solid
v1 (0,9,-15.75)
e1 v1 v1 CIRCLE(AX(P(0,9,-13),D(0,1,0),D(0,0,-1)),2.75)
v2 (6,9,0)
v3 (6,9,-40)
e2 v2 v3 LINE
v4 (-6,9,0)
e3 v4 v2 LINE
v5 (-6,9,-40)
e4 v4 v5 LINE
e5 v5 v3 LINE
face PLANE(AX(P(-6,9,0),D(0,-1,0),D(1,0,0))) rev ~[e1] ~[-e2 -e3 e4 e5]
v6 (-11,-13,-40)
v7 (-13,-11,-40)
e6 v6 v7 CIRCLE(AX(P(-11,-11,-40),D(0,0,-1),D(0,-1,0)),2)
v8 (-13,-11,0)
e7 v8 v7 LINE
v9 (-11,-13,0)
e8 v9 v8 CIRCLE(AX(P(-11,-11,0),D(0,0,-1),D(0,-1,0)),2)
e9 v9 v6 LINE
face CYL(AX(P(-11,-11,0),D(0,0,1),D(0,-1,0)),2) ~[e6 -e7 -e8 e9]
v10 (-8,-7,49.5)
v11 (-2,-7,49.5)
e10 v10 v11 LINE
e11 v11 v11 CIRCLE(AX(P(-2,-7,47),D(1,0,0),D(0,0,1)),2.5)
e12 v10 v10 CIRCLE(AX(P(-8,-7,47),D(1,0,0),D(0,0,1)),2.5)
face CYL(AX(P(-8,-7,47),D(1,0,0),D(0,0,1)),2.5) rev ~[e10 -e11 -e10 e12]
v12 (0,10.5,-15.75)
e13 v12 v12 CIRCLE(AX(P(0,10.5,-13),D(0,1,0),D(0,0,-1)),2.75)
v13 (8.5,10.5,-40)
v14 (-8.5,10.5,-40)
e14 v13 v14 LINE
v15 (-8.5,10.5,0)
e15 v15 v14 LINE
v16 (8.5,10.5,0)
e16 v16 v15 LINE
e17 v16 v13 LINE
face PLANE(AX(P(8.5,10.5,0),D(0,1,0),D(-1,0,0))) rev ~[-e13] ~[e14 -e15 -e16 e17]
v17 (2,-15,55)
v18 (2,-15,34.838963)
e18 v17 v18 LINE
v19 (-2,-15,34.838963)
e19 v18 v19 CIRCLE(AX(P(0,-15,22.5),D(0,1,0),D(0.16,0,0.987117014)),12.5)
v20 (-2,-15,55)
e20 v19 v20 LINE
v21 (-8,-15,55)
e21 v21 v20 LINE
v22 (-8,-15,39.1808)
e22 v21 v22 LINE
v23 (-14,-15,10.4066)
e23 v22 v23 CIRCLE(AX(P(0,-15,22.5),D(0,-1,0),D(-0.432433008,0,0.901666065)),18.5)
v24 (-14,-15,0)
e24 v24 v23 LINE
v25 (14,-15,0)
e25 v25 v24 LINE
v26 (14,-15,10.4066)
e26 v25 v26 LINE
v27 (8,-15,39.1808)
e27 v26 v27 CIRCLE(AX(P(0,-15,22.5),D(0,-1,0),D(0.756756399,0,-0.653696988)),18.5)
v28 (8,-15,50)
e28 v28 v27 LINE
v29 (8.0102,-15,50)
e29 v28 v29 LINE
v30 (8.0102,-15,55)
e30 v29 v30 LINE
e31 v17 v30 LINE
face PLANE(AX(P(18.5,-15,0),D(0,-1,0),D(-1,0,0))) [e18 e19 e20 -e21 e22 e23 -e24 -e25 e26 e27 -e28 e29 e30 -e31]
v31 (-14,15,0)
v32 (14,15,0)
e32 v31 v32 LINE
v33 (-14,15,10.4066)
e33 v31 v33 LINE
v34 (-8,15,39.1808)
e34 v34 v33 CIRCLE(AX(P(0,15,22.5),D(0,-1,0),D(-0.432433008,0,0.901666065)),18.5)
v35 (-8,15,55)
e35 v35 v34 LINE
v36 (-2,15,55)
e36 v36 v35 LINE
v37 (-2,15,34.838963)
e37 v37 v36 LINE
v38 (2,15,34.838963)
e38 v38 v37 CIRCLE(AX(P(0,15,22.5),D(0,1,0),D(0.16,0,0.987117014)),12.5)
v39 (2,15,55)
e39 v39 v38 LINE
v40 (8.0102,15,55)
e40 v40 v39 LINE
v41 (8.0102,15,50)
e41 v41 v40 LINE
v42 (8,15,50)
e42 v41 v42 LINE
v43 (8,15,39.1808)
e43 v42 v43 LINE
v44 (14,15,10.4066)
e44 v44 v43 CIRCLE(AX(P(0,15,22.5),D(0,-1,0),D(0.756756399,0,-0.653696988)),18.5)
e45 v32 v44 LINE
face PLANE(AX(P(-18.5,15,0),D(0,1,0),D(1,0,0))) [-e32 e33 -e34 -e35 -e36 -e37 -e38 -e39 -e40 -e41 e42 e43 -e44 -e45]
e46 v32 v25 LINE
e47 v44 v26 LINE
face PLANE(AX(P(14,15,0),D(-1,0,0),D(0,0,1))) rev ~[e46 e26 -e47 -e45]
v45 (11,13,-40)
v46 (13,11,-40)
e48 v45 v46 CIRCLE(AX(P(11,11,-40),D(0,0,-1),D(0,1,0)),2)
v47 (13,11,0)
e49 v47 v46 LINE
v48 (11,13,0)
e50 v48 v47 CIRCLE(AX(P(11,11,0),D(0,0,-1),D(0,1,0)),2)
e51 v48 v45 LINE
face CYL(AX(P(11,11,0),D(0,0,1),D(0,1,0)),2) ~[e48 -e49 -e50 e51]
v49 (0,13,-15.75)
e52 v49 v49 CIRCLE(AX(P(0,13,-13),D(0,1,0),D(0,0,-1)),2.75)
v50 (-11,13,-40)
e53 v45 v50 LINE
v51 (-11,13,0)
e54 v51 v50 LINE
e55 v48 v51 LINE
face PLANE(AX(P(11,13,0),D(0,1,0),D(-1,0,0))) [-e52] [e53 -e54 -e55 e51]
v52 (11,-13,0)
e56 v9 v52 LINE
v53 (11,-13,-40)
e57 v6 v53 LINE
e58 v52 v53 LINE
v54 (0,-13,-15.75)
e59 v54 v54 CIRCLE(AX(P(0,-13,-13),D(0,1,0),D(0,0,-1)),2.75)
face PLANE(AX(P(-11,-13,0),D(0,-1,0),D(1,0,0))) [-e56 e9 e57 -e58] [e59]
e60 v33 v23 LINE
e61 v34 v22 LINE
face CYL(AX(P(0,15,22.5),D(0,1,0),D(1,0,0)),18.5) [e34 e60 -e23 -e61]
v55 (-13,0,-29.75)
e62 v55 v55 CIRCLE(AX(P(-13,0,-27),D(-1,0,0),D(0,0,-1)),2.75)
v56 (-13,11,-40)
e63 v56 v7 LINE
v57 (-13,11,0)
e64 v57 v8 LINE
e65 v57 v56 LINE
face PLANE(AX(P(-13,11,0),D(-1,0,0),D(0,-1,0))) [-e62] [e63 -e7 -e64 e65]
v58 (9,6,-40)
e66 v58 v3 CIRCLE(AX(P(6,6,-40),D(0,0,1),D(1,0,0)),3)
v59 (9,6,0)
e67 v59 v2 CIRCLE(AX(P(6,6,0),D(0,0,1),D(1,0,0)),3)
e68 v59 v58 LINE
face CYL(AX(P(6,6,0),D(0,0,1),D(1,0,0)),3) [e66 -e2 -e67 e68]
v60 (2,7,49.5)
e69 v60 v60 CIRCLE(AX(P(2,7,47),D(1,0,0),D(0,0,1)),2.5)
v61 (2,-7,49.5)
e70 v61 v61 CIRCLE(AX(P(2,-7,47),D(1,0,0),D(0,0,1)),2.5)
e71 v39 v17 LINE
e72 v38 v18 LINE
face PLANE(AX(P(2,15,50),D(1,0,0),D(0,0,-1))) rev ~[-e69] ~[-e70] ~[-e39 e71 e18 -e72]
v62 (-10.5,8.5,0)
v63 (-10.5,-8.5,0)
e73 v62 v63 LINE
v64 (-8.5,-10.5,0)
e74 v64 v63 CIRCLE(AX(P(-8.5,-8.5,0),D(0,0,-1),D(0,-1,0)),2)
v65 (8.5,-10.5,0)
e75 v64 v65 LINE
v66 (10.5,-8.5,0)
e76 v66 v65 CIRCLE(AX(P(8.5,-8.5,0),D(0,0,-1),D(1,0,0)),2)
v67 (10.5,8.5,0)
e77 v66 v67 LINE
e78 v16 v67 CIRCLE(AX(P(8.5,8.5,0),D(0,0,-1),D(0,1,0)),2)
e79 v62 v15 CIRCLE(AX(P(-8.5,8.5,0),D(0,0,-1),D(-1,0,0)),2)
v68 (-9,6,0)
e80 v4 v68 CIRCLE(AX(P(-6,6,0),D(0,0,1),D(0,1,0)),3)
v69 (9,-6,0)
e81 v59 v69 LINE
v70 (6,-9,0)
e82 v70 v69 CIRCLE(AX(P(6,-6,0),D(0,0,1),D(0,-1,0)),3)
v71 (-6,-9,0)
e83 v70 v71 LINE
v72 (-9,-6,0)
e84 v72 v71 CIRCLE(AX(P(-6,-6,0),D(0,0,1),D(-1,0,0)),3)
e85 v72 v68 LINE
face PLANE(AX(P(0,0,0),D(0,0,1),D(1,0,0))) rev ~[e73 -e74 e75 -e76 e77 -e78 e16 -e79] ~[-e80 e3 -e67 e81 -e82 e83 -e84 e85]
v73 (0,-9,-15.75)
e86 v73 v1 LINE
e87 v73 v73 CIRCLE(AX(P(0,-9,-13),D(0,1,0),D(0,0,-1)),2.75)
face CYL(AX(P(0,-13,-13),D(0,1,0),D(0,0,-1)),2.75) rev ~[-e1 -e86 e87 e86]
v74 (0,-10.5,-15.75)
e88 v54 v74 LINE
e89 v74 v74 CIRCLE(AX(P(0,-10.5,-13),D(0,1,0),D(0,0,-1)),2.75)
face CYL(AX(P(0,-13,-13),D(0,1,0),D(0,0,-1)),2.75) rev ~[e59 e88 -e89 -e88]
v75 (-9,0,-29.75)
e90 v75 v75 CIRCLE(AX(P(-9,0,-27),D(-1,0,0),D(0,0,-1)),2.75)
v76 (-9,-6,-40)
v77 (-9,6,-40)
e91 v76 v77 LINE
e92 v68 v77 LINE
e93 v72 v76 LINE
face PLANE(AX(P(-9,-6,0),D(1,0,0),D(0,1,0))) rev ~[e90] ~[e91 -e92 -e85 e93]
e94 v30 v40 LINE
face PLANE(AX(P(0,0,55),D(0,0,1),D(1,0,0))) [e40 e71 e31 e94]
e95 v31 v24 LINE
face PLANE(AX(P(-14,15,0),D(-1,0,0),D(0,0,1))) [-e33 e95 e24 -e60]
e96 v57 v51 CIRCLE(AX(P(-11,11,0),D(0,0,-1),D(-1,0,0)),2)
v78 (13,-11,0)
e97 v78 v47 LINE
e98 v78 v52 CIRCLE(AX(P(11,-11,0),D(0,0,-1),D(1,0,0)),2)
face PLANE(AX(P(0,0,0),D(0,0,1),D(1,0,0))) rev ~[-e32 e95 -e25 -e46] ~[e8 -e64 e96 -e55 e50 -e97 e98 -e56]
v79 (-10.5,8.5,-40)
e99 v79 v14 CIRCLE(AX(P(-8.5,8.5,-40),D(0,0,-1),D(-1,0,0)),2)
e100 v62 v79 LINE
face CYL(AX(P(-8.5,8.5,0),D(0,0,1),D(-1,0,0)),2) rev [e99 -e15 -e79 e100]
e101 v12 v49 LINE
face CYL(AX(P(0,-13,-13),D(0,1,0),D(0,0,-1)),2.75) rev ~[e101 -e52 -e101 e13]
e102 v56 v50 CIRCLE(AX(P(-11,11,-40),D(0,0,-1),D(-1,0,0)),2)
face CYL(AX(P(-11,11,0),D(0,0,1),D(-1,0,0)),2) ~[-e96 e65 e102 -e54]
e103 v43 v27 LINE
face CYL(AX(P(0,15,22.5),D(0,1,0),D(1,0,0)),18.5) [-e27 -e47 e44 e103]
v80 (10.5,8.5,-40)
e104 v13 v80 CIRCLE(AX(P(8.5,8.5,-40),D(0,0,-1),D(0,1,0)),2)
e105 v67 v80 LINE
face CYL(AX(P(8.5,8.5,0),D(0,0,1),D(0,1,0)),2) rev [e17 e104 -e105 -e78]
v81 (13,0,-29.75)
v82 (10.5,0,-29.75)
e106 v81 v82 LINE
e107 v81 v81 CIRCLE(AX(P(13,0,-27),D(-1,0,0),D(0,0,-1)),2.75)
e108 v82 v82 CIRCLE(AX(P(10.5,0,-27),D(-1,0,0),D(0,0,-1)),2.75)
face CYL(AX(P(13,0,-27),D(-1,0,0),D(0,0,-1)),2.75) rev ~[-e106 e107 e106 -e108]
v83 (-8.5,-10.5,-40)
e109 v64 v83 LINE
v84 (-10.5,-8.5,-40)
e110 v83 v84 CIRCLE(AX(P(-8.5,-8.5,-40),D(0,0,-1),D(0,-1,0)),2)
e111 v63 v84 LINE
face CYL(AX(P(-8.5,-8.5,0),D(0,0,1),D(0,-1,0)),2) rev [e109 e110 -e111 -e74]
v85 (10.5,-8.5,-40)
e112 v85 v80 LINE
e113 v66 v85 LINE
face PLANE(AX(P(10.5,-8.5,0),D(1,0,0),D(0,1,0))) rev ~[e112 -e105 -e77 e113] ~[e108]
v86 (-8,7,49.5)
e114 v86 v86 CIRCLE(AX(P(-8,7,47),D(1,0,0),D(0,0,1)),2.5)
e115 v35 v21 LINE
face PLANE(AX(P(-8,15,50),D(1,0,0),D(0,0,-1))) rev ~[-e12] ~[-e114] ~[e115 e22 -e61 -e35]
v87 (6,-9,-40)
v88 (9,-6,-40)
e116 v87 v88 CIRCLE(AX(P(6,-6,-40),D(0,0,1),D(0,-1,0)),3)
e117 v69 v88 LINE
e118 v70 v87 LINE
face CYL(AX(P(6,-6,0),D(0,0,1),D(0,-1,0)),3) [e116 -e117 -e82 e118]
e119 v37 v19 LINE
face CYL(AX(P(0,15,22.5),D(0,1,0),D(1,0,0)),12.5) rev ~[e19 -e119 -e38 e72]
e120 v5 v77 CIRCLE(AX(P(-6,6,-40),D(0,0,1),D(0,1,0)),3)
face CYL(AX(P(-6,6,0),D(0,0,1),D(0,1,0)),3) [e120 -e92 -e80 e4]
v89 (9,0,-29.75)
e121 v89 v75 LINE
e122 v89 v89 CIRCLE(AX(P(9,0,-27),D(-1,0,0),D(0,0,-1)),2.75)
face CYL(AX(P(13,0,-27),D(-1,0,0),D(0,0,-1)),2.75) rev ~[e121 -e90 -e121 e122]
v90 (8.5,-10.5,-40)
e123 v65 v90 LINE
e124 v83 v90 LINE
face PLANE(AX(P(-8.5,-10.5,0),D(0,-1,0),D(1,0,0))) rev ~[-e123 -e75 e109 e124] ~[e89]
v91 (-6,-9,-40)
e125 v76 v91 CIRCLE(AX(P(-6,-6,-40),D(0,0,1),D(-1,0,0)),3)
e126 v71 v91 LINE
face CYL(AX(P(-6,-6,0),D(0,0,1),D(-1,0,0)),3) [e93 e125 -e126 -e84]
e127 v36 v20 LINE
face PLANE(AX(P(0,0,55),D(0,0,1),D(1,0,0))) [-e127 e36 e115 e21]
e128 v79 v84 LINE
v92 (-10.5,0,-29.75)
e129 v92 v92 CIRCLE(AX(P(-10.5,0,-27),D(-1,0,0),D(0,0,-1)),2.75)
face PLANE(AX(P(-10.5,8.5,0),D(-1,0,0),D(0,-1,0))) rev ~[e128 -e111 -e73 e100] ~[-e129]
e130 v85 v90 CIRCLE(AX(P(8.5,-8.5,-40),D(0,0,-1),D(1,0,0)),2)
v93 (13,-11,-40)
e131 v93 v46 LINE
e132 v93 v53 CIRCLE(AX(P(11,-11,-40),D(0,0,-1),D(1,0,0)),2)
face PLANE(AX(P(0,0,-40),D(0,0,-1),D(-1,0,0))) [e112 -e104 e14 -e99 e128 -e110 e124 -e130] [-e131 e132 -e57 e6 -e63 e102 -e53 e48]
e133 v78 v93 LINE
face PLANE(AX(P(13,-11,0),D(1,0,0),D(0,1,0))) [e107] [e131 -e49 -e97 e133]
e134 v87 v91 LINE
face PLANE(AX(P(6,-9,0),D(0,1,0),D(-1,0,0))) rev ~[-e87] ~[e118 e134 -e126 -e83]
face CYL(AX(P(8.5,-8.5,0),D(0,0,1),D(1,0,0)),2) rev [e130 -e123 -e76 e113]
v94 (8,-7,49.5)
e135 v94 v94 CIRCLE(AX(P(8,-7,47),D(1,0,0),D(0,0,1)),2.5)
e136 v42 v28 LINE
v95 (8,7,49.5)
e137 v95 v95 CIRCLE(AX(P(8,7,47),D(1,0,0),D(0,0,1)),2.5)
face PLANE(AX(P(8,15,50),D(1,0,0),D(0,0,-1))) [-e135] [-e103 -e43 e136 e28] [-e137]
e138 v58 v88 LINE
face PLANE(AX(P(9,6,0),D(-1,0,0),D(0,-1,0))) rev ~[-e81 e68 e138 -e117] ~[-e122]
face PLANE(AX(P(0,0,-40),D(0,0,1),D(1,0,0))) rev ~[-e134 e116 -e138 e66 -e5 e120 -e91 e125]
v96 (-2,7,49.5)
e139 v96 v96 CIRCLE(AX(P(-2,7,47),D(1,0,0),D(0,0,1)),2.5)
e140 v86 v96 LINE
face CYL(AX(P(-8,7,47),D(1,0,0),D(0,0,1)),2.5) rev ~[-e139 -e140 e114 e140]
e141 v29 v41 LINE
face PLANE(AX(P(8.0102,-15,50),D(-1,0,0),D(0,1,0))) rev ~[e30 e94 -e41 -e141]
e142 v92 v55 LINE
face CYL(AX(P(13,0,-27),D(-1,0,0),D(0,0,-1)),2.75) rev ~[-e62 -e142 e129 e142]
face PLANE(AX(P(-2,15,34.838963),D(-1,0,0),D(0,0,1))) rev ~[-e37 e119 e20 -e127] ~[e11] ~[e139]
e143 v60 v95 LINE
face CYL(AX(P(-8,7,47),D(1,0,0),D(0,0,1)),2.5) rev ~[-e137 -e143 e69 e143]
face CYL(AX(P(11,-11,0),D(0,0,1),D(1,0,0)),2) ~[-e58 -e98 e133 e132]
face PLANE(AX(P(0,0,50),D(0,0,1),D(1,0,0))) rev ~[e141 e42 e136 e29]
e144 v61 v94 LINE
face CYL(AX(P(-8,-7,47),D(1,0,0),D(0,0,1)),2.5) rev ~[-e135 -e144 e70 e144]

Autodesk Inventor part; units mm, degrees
ref_plane "YZ Plane" through (0, 0, 0) normal (1, 0, 0) x (0, 1, 0)
ref_plane "XZ Plane" through (0, 0, 0) normal (0, 1, 0) x (-1, 0, 0)
ref_plane "XY Plane" through (0, 0, 0) normal (0, 0, 1) x (1, 0, 0)
sketch "Schizzo1" plane through (0, 0, 0) normal (0, 0, 1) x (1, 0, 0)
  line L0 (9, 6) -> (9, -6)
  line L1 (6, -9) -> (-6, -9)
  line L2 (-9, -6) -> (-9, 6)
  line L3 (-6, 9) -> (6, 9)
  arc A0 (-6, 9) -> (-9, 6) centre (-6, 6) ccw
  arc A1 (-9, -6) -> (-6, -9) centre (-6, -6) ccw
  arc A2 (6, -9) -> (9, -6) centre (6, -6) ccw
  arc A3 (9, 6) -> (6, 9) centre (6, 6) ccw
  point P0 (0, 0)
  point P1 (0, 0)
  point P2 (9, 9)
  point P3 (9, -9)
  point P4 (-9, -9)
  point P5 (-9, 9)
  dimension "d0" = 18
  dimension "d72" = 3
extrude "Estrusione1" add sketch "Schizzo1" against normal blind 40
sketch "Schizzo2" plane through (0, 0, 0) normal (0, 0, 1) x (1, 0, 0)
  line L0 (18.5, -15) -> (-18.5, -15)
  line L1 (-18.5, -15) -> (-18.5, 15)
  line L2 (-18.5, 15) -> (18.5, 15)
  line L3 (18.5, 15) -> (18.5, -15)
  line L4 (18.5, -15) -> (-18.5, 15) construction
  line L5 (-18.5, -15) -> (18.5, 15) construction
  point P0 (0, 0)
  dimension "d3" = 30
  dimension "d4" = 37
extrude "Estrusione2" add sketch "Schizzo2" along normal blind 50
sketch "Schizzo3" plane through (-18.5, 15, 0) normal (0, 1, 0) x (1, 0, 0)
  line L0 (18.5, 0) -> (18.5, -22.5)
  line L1 (18.5, 0) -> (41, 0) construction
  circle A0 centre (18.5, -22.5) radius 12.5
  dimension "d7" = 22.5
  dimension "d8" = 90
  dimension "d9" = 25
extrude "Estrusione3" cut sketch "Schizzo3" against normal blind 30
sketch "Schizzo4" plane through (-18.5, 15, 0) normal (0, 1, 0) x (1, 0, 0)
  circle A0 centre (18.5, -22.5) radius 12.5 projected
  line L0 (18.5, -22.5) -> (18.5, -34.5)
  line L1 (18.5, -34.5) -> (15, -34.5)
  line L2 (18.5, -34.5) -> (22, -34.5)
  line L3 (0, -50) -> (37, -50) projected
  line L4 (18.5, -50) -> (20.5, -50)
  line L5 (18.5, -50) -> (20.5, -50) construction
  line L6 (20.5, -50) -> (20.5, -34.5)
  line L7 (18.5, -50) -> (16.5, -50)
  line L8 (16.5, -50) -> (20.5, -50)
  line L9 (20.5, -50) -> (20.5, -34.5)
  line L10 (20.5, -34.5) -> (16.5, -34.5)
  line L11 (16.5, -34.5) -> (16.5, -50)
  point P0 (18.5, 0)
  point P1 (16.5, -34.839)
  point P2 (20.5, -34.839)
  dimension "d12" = 12
  dimension "d13" = 2
  dimension "d14" = 0
  dimension "d15" = 2
extrude "Estrusione4" cut sketch "Schizzo4" against normal blind 30 contours A0 L6 L3 L11
sketch "Schizzo5" plane through (-18.5, 15, 0) normal (0, 1, 0) x (1, 0, 0)
  arc A0 (20.5, -34.839) -> (16.5, -34.839) centre (18.5, -22.5) ccw projected
  circle A1 centre (18.5, -22.5) radius 18.5
  line L0 (20.5, -50) -> (20.5, -34.839) projected
  line L1 (20.5, -50) -> (26.5, -50)
  line L2 (37, -50) -> (20.5, -50) projected
  line L3 (26.5, -50) -> (26.5, -39.1808)
  line L4 (37, 0) -> (37, -50) projected
  line L5 (26.5, -50) -> (37, -50)
  line L6 (37, -50) -> (37, -22.5)
  point P0 (18.5, 0)
  dimension "d18" = 37
  dimension "d19" = 6
extrude "Estrusione5" cut sketch "Schizzo5" against normal blind 30 contours A1 L4 L2 L3
sketch "Schizzo6" plane through (-18.5, 15, 0) normal (0, 1, 0) x (1, 0, 0)
  line L0 (16.5, -50) -> (0, -50) projected
  line L1 (16.5, -50) -> (10.5, -50)
  arc A0 (20.5, -34.839) -> (16.5, -34.839) centre (18.5, -22.5) ccw projected
  circle A1 centre (18.5, -22.5) radius 18.5
  line L2 (0, 0) -> (0, -50) projected
  line L3 (10.5, -50) -> (0, -50)
  line L4 (0, -50) -> (0, -22.5)
  line L5 (10.5, -50) -> (10.5, -39.1808)
  line L6 (10.5, -50) -> (21.3192, -50) construction
  point P0 (18.5, 0)
  dimension "d22" = 6
  dimension "d23" = 37
  dimension "d24" = 90
extrude "Estrusione6" cut sketch "Schizzo6" against normal blind 30 contours L0 L2 A1 L5
sketch "Schizzo7" plane through (-18.5, 15, 0) normal (0, 1, 0) x (1, 0, 0)
  arc A0 (20.5, -34.839) -> (16.5, -34.839) centre (18.5, -22.5) ccw projected
  line L0 (0, 0) -> (0, -22.5)
  circle A1 centre (18.5, -22.5) radius 18.5
  line L1 (18.5, 0) -> (4.5, 0)
  line L2 (37, 0) -> (0, 0) projected
  line L3 (18.5, 0) -> (32.5, 0) construction
  line L4 (4.5, 0) -> (4.5, -10.4066)
  dimension "d73" = 37
  dimension "d74" = 14
  dimension "d75" = 180
  dimension "d76" = 90
extrude "Estrusione7" cut sketch "Schizzo7" against normal blind 30 contours L2 L4 A1 L0
sketch "Schizzo8" plane through (0, 15, 22.5) normal (0, 1, 0) x (1, 0, 0)
  line L0 (-6, 22.5) -> (6, 22.5) projected
  arc A0 (2, -12.339) -> (-2, -12.339) centre (0, 0) ccw projected
  circle A1 centre (0, 0) radius 18.5
  line L1 (0, 22.5) -> (14, 22.5)
  line L2 (0, 22.5) -> (14, 22.5) construction
  line L3 (14, 22.5) -> (14, 12.0934)
  line L4 (-18.5, 22.5) -> (18.5, 22.5) projected
  line L5 (14, 22.5) -> (18.5, 22.5)
  line L6 (18.5, 22.5) -> (18.5, 0)
  point P0 (-9, 22.5)
  point P1 (9, 22.5)
  point P2 (-14, 22.5)
  dimension "d35" = 37
  dimension "d36" = 14
  dimension "d38" = 90
extrude "Estrusione8" cut sketch "Schizzo8" against normal blind 30 contours A1 L3 L4 L6
sketch "Schizzo10" plane through (0, 0, 50) normal (0, 0, 1) x (1, 0, 0)
  line L0 (-8, 15) -> (-8, -15) projected
  line L1 (-8, -15) -> (8.0102, -15)
  line L2 (8.0102, -15) -> (8.0102, 15)
  line L3 (8.0102, 15) -> (-8, 15)
  line L4 (-8, 15) -> (-8, -15)
  line L5 (-8, -15) -> (-2, -15) projected
  line L6 (2, 15) -> (2, -15) projected
  line L7 (-2, -15) -> (2, -15)
  line L8 (2, -15) -> (2, 15)
  line L9 (2, 15) -> (-2, 15)
  line L10 (-2, 15) -> (-2, -15)
  point P0 (0, 0)
  point P1 (-8, 15)
extrude "Estrusione9" add sketch "Schizzo10" along normal blind 5 contours L3 L10 L1 L0 | L3 L2 L1 L6
sketch "Schizzo11" plane through (-8, -15, 39.1808) normal (-1, 0, 0) x (0, 0, 1)
  line L0 (15.8192, 0) -> (15.8192, 30) projected
  line L1 (15.8192, 15) -> (7.8192, 15)
  line L2 (7.8192, 15) -> (7.8192, 22)
  line L3 (7.8192, 15) -> (7.8192, 8)
  line L4 (10.8192, 0) -> (10.8192, 30) projected
  line L5 (7.8192, 15) -> (14.8192, 15) construction
  point P0 (-39.1808, 15)
  dimension "d43" = 8
  dimension "d44" = 7
  dimension "d45" = 7
  dimension "d46" = 90
hole "Foro1" at (-8, 7, 47) at (-8, -7, 47) direction (1, 0, 0) diameter 5 end through all
sketch "Schizzo14" plane through (0, 0, 0) normal (0, 0, -1) x (-1, 0, 0)
  line L0 (10.5, 8.5) -> (10.5, -8.5)
  line L1 (8.5, -10.5) -> (-8.5, -10.5)
  line L2 (-10.5, -8.5) -> (-10.5, 8.5)
  line L3 (-8.5, 10.5) -> (8.5, 10.5)
  line L4 (13, 11) -> (13, -11)
  line L5 (11, -13) -> (-11, -13)
  line L6 (-13, -11) -> (-13, 11)
  line L7 (-11, 13) -> (11, 13)
  arc A0 (-8.5, 10.5) -> (-10.5, 8.5) centre (-8.5, 8.5) ccw
  arc A1 (8.5, -10.5) -> (10.5, -8.5) centre (8.5, -8.5) ccw
  arc A2 (-10.5, -8.5) -> (-8.5, -10.5) centre (-8.5, -8.5) ccw
  arc A3 (10.5, 8.5) -> (8.5, 10.5) centre (8.5, 8.5) ccw
  arc A4 (-11, 13) -> (-13, 11) centre (-11, 11) ccw
  arc A5 (13, 11) -> (11, 13) centre (11, 11) ccw
  arc A6 (11, -13) -> (13, -11) centre (11, -11) ccw
  arc A7 (-13, -11) -> (-11, -13) centre (-11, -11) ccw
  point P0 (0, 0)
  point P1 (0, 0)
  point P2 (10.5, 10.5)
  point P3 (10.5, -10.5)
  point P4 (-10.5, -10.5)
  point P5 (-10.5, 10.5)
  point P6 (0, 0)
  point P7 (13, 13)
  point P8 (13, -13)
  point P9 (-13, -13)
  point P10 (-13, 13)
  dimension "d77" = 21
  dimension "d78" = 26
  dimension "d79" = 2
extrude "Estrusione10" add sketch "Schizzo14" along normal blind 40
sketch "Schizzo15" plane through (0, 15, 22.5) normal (0, 1, 0) x (1, 0, 0)
  line L0 (-13, 12.5) -> (13, 12.5)
  line L1 (13, 12.5) -> (13, 17.5)
  line L2 (13, 17.5) -> (-13, 17.5)
  line L3 (-13, 17.5) -> (-13, 12.5)
  arc A0 (2, -12.339) -> (-2, -12.339) centre (0, 0) ccw projected
  point P0 (0, 22.5)
  point P1 (0, 12.5)
  dimension "d82" = 26
  dimension "d83" = 5
extrude "Estrusione11" [suppressed]
sketch "Schizzo16" plane through (-11, -13, 0) normal (0, -1, 0) x (1, 0, 0)
  line L0 (11, 0) -> (11, -13)
  dimension "d88" = 13
hole "Foro4" at (0, -13, -13) direction (0, 1, 0) diameter 5.5 depth 26 clearance for "Vite a testa esagonale" size "M5" standard "ANSI - Profilo M Metrico"
sketch "Schizzo17" plane through (13, -11, 0) normal (1, 0, 0) x (0, 0, -1)
  line L0 (0, 11) -> (27, 11)
  dimension "d96" = 27
hole "Foro5" at (13, 0, -27) direction (-1, 0, 0) diameter 5.5 depth 26 clearance for "Vite a testa esagonale" size "M5" standard "ANSI - Profilo M Metrico"
properties part number "5_Connettore_sup_inf"
